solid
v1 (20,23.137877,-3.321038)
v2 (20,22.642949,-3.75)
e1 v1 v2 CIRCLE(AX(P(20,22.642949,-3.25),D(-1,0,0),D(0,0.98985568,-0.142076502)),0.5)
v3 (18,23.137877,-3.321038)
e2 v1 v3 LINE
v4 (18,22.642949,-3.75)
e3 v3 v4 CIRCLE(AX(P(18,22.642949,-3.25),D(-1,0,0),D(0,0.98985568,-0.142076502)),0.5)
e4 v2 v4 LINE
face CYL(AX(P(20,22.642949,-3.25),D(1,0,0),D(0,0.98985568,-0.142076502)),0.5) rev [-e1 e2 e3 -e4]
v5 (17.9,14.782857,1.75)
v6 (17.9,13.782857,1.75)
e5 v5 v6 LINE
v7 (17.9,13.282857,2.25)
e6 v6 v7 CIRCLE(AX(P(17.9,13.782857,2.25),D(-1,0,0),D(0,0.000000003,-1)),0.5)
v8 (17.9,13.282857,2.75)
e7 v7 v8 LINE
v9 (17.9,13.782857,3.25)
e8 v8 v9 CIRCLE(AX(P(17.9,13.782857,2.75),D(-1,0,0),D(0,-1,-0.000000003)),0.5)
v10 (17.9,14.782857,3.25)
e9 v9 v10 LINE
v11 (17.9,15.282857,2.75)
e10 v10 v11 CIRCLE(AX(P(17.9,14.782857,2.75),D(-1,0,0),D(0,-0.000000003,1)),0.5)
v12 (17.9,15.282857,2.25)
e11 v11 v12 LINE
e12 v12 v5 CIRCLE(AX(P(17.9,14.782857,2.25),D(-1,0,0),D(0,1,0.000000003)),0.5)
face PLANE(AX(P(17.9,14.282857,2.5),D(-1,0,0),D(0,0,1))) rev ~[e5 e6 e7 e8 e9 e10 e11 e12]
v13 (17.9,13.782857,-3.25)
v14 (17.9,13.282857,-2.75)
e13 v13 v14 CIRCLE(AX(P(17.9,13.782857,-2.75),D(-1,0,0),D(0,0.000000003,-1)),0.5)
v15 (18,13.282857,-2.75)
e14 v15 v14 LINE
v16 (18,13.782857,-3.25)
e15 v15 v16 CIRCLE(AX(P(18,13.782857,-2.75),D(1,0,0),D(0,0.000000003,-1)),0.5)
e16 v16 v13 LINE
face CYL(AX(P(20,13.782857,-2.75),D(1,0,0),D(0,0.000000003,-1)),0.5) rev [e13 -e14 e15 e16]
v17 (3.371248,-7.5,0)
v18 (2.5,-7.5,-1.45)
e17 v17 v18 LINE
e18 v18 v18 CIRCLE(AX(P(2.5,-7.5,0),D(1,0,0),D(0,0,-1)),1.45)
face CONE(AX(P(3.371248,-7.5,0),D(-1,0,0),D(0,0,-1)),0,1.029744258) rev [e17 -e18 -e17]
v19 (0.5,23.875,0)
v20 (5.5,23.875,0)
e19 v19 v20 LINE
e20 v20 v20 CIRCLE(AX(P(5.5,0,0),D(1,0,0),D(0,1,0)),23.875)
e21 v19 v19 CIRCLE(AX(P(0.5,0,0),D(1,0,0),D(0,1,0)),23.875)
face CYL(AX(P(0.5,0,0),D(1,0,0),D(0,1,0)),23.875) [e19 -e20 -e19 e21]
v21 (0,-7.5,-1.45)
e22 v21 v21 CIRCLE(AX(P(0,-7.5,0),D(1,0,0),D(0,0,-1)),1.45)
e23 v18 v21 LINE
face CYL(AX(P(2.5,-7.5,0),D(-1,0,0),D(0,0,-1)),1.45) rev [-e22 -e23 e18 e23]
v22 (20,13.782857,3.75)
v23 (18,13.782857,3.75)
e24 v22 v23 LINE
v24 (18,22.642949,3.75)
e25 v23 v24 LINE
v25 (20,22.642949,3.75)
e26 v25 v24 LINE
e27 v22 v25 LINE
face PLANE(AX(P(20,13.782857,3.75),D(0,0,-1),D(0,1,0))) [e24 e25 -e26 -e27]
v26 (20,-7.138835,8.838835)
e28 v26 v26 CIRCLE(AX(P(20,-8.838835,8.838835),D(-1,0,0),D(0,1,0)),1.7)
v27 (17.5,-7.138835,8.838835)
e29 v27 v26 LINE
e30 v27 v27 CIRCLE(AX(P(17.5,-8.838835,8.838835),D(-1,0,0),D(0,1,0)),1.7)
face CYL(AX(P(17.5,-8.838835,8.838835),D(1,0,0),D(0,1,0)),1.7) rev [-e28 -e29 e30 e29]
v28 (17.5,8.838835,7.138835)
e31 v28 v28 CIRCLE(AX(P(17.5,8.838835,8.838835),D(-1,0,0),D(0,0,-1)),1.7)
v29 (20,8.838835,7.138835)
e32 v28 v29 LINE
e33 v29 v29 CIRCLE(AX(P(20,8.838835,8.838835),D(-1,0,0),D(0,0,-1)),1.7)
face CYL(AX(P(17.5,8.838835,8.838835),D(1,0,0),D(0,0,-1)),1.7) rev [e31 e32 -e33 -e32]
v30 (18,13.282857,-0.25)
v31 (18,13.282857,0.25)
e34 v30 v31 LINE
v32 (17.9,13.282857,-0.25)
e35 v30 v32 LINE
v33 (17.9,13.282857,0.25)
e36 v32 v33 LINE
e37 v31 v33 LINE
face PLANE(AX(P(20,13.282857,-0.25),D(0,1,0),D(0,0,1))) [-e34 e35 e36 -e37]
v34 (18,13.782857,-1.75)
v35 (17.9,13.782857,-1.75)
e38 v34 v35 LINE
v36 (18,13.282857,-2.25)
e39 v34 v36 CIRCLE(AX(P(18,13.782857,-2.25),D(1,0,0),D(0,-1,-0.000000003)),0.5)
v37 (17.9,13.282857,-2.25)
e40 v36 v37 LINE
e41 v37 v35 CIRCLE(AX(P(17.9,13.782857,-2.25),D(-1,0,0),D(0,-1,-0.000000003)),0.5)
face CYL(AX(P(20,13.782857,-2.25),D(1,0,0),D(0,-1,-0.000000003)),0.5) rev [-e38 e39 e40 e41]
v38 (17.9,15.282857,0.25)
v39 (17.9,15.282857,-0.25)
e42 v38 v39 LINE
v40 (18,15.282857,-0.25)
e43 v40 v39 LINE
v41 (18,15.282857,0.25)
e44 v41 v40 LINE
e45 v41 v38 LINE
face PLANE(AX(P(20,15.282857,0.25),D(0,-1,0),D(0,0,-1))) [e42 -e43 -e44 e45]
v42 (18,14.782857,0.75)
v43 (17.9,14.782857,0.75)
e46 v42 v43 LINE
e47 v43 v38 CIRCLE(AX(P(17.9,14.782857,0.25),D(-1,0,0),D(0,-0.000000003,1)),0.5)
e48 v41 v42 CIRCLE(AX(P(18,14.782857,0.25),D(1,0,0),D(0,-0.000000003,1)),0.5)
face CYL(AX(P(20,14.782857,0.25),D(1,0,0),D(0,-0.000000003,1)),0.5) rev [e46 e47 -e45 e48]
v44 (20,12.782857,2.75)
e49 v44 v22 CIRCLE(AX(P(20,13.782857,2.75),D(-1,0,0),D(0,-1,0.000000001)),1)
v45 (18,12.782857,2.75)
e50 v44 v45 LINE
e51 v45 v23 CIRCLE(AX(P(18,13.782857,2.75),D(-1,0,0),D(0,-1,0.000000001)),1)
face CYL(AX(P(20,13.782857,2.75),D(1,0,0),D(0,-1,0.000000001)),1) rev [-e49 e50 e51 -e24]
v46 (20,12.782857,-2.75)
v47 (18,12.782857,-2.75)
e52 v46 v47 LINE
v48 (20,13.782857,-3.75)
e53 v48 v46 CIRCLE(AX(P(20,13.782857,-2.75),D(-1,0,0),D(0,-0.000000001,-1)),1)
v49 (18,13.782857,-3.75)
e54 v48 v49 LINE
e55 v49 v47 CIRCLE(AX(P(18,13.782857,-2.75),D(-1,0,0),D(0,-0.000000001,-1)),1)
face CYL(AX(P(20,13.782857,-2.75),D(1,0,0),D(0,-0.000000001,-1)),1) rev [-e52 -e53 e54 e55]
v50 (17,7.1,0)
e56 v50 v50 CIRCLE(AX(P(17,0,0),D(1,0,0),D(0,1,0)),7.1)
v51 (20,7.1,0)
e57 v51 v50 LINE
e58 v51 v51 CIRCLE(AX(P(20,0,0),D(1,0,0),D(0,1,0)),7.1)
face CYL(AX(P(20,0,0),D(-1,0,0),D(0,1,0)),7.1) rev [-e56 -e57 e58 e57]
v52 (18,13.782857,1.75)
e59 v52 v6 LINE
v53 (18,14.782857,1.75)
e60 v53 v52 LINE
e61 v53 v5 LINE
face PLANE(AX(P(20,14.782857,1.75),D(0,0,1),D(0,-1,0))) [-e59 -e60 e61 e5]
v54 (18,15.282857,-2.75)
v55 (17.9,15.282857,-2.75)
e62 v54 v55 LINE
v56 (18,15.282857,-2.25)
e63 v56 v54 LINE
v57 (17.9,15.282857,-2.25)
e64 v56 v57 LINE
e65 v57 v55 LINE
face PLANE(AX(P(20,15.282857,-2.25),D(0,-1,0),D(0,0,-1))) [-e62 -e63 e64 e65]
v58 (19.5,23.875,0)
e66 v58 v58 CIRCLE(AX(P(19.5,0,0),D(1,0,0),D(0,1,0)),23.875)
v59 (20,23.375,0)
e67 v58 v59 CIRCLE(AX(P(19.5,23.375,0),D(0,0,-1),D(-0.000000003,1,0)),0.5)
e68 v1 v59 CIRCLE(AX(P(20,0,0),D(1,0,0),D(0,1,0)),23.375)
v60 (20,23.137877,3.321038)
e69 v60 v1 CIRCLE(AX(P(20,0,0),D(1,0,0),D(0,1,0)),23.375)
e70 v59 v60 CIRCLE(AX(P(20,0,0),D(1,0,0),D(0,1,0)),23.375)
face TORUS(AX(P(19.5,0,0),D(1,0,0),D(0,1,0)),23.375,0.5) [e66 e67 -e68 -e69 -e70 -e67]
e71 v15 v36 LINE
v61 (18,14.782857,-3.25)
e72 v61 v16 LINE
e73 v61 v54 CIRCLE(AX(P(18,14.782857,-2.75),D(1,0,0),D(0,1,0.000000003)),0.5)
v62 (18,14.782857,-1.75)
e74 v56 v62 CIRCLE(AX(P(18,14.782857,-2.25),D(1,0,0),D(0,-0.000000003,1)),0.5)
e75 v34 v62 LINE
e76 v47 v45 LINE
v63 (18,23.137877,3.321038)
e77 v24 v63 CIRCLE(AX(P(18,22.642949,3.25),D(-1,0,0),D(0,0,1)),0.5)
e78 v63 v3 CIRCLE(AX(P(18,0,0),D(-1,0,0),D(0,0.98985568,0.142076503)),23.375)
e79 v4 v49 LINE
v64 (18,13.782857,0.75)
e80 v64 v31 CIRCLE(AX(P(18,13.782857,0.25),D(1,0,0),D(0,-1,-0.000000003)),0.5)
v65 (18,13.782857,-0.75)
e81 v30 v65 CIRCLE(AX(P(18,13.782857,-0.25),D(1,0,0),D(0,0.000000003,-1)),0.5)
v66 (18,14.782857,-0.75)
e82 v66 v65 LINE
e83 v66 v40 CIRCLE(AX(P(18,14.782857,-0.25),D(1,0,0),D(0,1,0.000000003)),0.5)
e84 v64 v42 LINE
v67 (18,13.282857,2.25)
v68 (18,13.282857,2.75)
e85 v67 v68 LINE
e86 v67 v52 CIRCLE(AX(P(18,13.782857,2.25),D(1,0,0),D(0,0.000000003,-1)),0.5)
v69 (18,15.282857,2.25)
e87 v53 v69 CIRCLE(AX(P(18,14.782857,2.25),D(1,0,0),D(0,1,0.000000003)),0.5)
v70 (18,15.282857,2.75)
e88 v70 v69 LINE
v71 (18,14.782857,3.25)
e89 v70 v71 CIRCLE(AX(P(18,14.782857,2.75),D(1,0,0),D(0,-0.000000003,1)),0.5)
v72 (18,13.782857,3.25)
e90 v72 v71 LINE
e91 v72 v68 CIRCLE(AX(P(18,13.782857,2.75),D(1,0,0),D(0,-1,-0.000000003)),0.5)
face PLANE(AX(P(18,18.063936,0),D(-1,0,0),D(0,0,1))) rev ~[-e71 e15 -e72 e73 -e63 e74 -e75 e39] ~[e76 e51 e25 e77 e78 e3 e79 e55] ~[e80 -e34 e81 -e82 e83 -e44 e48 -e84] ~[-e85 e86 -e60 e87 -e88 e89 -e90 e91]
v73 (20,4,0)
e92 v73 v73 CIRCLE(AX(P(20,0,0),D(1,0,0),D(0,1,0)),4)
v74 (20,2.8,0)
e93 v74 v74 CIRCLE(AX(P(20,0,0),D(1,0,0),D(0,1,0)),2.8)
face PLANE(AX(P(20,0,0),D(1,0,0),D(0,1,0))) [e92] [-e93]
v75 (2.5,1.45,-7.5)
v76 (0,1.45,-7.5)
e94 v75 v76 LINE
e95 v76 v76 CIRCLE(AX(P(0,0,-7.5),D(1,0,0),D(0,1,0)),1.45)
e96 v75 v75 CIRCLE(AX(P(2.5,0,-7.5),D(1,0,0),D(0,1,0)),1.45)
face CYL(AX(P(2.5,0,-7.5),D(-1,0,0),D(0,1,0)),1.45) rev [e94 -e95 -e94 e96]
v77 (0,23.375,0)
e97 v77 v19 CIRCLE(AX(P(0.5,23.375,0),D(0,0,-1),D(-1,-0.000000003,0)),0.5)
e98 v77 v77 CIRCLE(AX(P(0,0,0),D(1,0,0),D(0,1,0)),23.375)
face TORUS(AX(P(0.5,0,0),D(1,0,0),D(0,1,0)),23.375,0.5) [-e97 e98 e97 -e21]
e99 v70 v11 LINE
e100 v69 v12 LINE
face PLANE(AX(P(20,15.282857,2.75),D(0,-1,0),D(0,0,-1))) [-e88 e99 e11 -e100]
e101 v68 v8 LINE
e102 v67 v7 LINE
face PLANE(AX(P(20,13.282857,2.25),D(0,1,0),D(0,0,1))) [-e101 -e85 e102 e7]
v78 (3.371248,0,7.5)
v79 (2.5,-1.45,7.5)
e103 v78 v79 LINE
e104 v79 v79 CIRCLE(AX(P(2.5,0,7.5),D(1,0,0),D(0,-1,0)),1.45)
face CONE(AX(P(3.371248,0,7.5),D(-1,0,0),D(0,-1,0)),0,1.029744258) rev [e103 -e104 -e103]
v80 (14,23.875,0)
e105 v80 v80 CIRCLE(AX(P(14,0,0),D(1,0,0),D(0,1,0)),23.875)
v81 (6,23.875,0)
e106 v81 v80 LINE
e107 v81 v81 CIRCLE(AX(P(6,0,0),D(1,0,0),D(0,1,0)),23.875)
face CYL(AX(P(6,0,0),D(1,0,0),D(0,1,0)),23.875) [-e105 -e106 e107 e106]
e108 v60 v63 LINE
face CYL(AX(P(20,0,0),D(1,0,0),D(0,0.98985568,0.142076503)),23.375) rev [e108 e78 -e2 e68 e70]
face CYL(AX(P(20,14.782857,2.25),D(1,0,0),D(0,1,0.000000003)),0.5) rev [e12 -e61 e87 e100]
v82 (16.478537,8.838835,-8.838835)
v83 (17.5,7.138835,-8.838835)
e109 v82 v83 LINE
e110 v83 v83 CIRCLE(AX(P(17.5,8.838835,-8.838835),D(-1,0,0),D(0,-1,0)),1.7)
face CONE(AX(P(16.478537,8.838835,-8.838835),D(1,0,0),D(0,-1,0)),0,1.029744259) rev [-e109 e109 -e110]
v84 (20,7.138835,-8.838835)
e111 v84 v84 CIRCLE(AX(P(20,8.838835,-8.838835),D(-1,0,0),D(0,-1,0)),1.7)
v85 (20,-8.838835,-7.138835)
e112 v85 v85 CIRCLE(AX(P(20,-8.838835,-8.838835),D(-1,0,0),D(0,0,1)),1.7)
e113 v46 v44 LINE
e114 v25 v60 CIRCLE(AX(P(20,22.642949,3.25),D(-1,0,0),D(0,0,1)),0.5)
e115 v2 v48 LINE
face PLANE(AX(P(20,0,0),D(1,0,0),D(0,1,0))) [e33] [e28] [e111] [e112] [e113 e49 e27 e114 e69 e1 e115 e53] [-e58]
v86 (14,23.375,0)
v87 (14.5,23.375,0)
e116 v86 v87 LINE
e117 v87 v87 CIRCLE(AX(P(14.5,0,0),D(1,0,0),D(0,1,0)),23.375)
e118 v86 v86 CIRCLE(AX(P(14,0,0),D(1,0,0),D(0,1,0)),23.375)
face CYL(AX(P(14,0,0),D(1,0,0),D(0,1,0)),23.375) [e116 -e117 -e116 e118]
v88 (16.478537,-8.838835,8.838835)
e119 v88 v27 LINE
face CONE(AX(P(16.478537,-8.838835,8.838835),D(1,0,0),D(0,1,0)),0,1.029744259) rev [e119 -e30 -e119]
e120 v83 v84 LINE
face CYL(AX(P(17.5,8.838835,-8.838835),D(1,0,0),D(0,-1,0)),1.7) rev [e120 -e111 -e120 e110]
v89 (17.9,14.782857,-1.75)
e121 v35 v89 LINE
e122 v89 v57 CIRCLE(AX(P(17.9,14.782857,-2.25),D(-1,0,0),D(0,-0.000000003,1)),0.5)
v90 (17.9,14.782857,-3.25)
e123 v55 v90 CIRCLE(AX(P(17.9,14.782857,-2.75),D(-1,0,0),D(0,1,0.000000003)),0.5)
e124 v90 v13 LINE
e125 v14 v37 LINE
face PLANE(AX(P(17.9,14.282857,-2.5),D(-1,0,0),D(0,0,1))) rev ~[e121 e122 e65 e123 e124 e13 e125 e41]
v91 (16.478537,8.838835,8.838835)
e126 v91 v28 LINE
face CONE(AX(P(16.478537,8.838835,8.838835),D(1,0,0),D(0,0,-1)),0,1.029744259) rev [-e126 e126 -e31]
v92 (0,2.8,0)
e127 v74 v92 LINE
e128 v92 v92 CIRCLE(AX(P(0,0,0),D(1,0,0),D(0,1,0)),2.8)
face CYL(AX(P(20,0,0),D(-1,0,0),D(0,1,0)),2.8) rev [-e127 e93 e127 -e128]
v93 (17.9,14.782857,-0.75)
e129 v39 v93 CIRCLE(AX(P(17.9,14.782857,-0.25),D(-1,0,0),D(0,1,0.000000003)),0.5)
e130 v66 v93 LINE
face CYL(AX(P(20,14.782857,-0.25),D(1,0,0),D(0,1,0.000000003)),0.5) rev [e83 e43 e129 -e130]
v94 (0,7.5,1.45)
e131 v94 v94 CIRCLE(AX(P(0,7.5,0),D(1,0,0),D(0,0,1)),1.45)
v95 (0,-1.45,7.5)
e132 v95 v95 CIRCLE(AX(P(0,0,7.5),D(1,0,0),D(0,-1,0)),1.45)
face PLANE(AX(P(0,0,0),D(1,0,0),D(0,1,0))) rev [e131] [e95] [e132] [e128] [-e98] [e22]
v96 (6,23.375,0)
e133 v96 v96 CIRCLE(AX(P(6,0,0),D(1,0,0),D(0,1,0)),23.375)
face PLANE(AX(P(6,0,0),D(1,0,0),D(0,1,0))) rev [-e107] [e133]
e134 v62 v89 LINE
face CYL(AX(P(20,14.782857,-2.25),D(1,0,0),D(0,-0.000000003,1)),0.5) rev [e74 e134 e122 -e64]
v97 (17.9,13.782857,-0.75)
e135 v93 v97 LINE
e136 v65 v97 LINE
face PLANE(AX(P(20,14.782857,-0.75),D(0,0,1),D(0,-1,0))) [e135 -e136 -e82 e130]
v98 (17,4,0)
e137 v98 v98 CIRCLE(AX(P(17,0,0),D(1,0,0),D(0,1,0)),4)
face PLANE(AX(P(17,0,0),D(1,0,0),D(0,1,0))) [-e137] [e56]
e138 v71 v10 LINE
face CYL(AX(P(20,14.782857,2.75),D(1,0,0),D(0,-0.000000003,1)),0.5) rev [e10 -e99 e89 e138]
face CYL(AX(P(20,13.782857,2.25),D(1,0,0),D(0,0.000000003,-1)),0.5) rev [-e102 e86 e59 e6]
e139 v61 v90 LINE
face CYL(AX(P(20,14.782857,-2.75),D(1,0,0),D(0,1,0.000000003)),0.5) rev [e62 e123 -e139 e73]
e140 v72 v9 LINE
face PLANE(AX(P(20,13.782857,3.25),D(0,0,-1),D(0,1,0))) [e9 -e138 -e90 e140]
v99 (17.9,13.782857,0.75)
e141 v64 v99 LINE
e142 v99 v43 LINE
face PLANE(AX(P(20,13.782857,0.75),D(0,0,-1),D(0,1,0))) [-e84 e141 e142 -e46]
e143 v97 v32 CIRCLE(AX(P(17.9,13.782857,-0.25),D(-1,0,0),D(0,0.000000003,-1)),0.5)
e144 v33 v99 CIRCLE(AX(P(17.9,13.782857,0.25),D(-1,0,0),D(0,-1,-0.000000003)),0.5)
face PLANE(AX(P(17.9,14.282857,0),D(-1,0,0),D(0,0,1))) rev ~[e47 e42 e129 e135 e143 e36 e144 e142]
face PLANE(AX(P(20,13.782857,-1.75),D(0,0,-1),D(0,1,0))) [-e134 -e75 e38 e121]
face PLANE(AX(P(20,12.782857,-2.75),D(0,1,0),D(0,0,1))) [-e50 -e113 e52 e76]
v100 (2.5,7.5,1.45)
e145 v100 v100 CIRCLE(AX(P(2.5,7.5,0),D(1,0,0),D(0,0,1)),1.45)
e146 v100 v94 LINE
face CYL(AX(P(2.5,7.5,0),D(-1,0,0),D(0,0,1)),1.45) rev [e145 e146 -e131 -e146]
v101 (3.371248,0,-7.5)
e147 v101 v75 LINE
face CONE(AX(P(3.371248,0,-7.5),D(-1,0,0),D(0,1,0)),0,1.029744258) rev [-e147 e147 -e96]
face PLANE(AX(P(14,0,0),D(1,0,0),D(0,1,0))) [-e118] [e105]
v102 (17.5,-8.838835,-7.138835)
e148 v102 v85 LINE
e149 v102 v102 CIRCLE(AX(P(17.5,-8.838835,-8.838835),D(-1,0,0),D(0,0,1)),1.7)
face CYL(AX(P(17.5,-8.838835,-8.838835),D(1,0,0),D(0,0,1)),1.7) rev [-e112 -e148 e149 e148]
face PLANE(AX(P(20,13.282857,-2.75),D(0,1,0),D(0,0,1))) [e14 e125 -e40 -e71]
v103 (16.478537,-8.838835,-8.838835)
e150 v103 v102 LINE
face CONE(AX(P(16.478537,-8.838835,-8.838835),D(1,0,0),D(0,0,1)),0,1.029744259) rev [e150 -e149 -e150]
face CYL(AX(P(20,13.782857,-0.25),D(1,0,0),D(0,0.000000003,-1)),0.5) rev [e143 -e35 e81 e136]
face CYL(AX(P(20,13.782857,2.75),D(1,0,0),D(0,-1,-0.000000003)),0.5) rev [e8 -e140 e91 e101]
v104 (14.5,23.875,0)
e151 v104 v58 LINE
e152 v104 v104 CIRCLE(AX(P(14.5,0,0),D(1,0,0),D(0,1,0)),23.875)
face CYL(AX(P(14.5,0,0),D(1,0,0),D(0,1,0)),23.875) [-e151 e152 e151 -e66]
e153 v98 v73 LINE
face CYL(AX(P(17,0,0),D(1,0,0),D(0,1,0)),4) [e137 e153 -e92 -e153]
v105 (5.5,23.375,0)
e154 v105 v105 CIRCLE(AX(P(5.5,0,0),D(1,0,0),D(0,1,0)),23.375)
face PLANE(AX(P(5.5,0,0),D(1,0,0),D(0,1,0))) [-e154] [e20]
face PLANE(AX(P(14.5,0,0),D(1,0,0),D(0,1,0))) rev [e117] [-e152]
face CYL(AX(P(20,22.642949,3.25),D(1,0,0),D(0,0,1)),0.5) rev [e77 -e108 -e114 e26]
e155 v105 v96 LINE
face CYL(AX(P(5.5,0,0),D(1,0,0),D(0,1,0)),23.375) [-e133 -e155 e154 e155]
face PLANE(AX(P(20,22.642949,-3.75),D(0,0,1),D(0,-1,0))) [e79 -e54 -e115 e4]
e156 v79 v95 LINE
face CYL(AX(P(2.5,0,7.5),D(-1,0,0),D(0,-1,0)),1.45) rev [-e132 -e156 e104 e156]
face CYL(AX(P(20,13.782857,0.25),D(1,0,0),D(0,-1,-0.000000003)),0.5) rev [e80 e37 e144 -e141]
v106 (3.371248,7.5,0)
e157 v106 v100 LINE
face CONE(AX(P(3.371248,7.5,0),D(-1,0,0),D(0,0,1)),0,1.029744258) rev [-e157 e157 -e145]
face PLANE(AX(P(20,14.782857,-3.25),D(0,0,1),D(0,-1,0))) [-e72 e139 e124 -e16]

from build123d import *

# Parameters (mm, degrees)
R_P_TITION_CIRCULAIRE1_COUNT = 4
ENL_V_MAT_EXTRU_1_DEPTH      = 2.1
ENL_V_MAT_EXTRU_2_DEPTH      = 2


with BuildPart() as part:
    # Esquisse1 → Révolution1 (revolve)
    with BuildSketch(Plane.XY):
        with BuildLine():
            Line((0, 2.8), (0, 23.375))
            ThreePointArc((0, 23.375), (0.146446609, 23.728553391), (0.5, 23.875))
            Line((0.5, 23.875), (5.5, 23.875))
            Line((5.5, 23.875), (5.5, 23.375))
            Line((5.5, 23.375), (6, 23.375))
            Line((6, 23.375), (6, 23.875))
            Line((6, 23.875), (14, 23.875))
            Line((14, 23.875), (14, 23.375))
            Line((14, 23.375), (14.5, 23.375))
            Line((14.5, 23.375), (14.5, 23.875))
            Line((14.5, 23.875), (19.5, 23.875))
            ThreePointArc((19.5, 23.875), (19.853553391, 23.728553391), (20, 23.375))
            Line((20, 23.375), (20, 7.1))
            Line((20, 7.1), (17, 7.1))
            Line((17, 7.1), (17, 4))
            Line((17, 4), (20, 4))
            Line((20, 4), (20, 2.8))
            Line((20, 2.8), (0, 2.8))
        make_face()
    revolve(axis=Axis((-88.596801802, 0, 0), (1, 0, 0)))

    # Esquisse4 → Dégagement M2.51 (revolve, cut)
    with BuildSketch(Plane.ZX.offset(7.5)):
        Polygon((0, 0), (0, 3.371247898), (1.45, 2.5), (1.45, 0), align=None)
    d_gagement_m2_51 = revolve(axis=Axis((-6.35, 7.5, 0), (1, 0, 0)), mode=Mode.SUBTRACT)

    # Esquisse7 → Dégagement M31 (revolve, cut)
    with BuildSketch(Plane(origin=(20, 8.838834765, 8.838834765), x_dir=(0, 0, -1), z_dir=(0, 1, 0))):
        Polygon((0, 0), (0, 3.521463052), (1.7, 2.5), (1.7, 0), align=None)
    d_gagement_m31 = revolve(axis=Axis((26.35, 8.838834765, 8.838834765), (-1, 0, 0)), mode=Mode.SUBTRACT)

    # Répétition circulaire1: Dégagement M2.51, Dégagement M31 ×4 about axis
    r_p_tition_circulaire1_axis = Axis((0, 0, 0), (1, 0, 0))
    for i in range(1, R_P_TITION_CIRCULAIRE1_COUNT):
        add(d_gagement_m2_51.rotate(r_p_tition_circulaire1_axis, i * 360 / R_P_TITION_CIRCULAIRE1_COUNT), mode=Mode.SUBTRACT)
        add(d_gagement_m31.rotate(r_p_tition_circulaire1_axis, i * 360 / R_P_TITION_CIRCULAIRE1_COUNT), mode=Mode.SUBTRACT)

    # Esquisse9 → Enlèv. mat.-Extru.1 (cut)
    with BuildSketch(Plane(origin=(20, 0, 0), x_dir=(0, 0, -1), z_dir=(1, 0, 0))):
        with BuildLine():
            Line((2.75, 13.282856857), (2.25, 13.282856857))
            ThreePointArc((2.25, 13.282856857), (1.896446609, 13.429303466), (1.75, 13.782856857))
            Line((1.75, 13.782856857), (1.75, 14.782856857))
            ThreePointArc((1.75, 14.782856857), (1.896446609, 15.136410248), (2.25, 15.282856857))
            Line((2.25, 15.282856857), (2.75, 15.282856857))
            ThreePointArc((2.75, 15.282856857), (3.103553391, 15.136410248), (3.25, 14.782856857))
            Line((3.25, 14.782856857), (3.25, 13.782856857))
            ThreePointArc((3.25, 13.782856857), (3.103553391, 13.429303466), (2.75, 13.282856857))
        make_face()
        with BuildLine():
            Line((0.25, 13.282856857), (-0.25, 13.282856857))
            ThreePointArc((-0.25, 13.282856857), (-0.603553391, 13.429303466), (-0.75, 13.782856857))
            Line((-0.75, 13.782856857), (-0.75, 14.782856857))
            ThreePointArc((-0.75, 14.782856857), (-0.603553391, 15.136410248), (-0.25, 15.282856857))
            Line((-0.25, 15.282856857), (0.25, 15.282856857))
            ThreePointArc((0.25, 15.282856857), (0.603553391, 15.136410248), (0.75, 14.782856857))
            Line((0.75, 14.782856857), (0.75, 13.782856857))
            ThreePointArc((0.75, 13.782856857), (0.603553391, 13.429303466), (0.25, 13.282856857))
        make_face()
        with BuildLine():
            Line((-2.25, 13.282856857), (-2.75, 13.282856857))
            ThreePointArc((-2.75, 13.282856857), (-3.103553391, 13.429303466), (-3.25, 13.782856857))
            Line((-3.25, 13.782856857), (-3.25, 14.782856857))
            ThreePointArc((-3.25, 14.782856857), (-3.103553391, 15.136410248), (-2.75, 15.282856857))
            Line((-2.75, 15.282856857), (-2.25, 15.282856857))
            ThreePointArc((-2.25, 15.282856857), (-1.896446609, 15.136410248), (-1.75, 14.782856857))
            Line((-1.75, 14.782856857), (-1.75, 13.782856857))
            ThreePointArc((-1.75, 13.782856857), (-1.896446609, 13.429303466), (-2.25, 13.282856857))
        make_face()
    extrude(amount=-ENL_V_MAT_EXTRU_1_DEPTH, mode=Mode.SUBTRACT)

    # Esquisse10 → Enlèv. mat.-Extru.2 (cut)
    with BuildSketch(Plane(origin=(20, 0, 0), x_dir=(0, 0, -1), z_dir=(1, 0, 0))):
        with BuildLine():
            Line((3.75, 22.642948682), (3.75, 13.782856857))
            ThreePointArc((3.75, 13.782856857), (3.457106781, 13.075750076), (2.75, 12.782856857))
            Line((2.75, 12.782856857), (-2.75, 12.782856857))
            ThreePointArc((-2.75, 12.782856857), (-3.457106781, 13.075750076), (-3.75, 13.782856857))
            Line((-3.75, 13.782856857), (-3.75, 22.642948682))
            ThreePointArc((-3.75, 22.642948682), (-3.627835365, 22.970424539), (-3.321038251, 23.137876522))
            ThreePointArc((-3.321038251, 23.137876522), (0, 23.375), (3.321038251, 23.137876522))
            ThreePointArc((3.321038251, 23.137876522), (3.627835365, 22.970424539), (3.75, 22.642948682))
        make_face()
    extrude(amount=-ENL_V_MAT_EXTRU_2_DEPTH, mode=Mode.SUBTRACT)


solid = part.part
